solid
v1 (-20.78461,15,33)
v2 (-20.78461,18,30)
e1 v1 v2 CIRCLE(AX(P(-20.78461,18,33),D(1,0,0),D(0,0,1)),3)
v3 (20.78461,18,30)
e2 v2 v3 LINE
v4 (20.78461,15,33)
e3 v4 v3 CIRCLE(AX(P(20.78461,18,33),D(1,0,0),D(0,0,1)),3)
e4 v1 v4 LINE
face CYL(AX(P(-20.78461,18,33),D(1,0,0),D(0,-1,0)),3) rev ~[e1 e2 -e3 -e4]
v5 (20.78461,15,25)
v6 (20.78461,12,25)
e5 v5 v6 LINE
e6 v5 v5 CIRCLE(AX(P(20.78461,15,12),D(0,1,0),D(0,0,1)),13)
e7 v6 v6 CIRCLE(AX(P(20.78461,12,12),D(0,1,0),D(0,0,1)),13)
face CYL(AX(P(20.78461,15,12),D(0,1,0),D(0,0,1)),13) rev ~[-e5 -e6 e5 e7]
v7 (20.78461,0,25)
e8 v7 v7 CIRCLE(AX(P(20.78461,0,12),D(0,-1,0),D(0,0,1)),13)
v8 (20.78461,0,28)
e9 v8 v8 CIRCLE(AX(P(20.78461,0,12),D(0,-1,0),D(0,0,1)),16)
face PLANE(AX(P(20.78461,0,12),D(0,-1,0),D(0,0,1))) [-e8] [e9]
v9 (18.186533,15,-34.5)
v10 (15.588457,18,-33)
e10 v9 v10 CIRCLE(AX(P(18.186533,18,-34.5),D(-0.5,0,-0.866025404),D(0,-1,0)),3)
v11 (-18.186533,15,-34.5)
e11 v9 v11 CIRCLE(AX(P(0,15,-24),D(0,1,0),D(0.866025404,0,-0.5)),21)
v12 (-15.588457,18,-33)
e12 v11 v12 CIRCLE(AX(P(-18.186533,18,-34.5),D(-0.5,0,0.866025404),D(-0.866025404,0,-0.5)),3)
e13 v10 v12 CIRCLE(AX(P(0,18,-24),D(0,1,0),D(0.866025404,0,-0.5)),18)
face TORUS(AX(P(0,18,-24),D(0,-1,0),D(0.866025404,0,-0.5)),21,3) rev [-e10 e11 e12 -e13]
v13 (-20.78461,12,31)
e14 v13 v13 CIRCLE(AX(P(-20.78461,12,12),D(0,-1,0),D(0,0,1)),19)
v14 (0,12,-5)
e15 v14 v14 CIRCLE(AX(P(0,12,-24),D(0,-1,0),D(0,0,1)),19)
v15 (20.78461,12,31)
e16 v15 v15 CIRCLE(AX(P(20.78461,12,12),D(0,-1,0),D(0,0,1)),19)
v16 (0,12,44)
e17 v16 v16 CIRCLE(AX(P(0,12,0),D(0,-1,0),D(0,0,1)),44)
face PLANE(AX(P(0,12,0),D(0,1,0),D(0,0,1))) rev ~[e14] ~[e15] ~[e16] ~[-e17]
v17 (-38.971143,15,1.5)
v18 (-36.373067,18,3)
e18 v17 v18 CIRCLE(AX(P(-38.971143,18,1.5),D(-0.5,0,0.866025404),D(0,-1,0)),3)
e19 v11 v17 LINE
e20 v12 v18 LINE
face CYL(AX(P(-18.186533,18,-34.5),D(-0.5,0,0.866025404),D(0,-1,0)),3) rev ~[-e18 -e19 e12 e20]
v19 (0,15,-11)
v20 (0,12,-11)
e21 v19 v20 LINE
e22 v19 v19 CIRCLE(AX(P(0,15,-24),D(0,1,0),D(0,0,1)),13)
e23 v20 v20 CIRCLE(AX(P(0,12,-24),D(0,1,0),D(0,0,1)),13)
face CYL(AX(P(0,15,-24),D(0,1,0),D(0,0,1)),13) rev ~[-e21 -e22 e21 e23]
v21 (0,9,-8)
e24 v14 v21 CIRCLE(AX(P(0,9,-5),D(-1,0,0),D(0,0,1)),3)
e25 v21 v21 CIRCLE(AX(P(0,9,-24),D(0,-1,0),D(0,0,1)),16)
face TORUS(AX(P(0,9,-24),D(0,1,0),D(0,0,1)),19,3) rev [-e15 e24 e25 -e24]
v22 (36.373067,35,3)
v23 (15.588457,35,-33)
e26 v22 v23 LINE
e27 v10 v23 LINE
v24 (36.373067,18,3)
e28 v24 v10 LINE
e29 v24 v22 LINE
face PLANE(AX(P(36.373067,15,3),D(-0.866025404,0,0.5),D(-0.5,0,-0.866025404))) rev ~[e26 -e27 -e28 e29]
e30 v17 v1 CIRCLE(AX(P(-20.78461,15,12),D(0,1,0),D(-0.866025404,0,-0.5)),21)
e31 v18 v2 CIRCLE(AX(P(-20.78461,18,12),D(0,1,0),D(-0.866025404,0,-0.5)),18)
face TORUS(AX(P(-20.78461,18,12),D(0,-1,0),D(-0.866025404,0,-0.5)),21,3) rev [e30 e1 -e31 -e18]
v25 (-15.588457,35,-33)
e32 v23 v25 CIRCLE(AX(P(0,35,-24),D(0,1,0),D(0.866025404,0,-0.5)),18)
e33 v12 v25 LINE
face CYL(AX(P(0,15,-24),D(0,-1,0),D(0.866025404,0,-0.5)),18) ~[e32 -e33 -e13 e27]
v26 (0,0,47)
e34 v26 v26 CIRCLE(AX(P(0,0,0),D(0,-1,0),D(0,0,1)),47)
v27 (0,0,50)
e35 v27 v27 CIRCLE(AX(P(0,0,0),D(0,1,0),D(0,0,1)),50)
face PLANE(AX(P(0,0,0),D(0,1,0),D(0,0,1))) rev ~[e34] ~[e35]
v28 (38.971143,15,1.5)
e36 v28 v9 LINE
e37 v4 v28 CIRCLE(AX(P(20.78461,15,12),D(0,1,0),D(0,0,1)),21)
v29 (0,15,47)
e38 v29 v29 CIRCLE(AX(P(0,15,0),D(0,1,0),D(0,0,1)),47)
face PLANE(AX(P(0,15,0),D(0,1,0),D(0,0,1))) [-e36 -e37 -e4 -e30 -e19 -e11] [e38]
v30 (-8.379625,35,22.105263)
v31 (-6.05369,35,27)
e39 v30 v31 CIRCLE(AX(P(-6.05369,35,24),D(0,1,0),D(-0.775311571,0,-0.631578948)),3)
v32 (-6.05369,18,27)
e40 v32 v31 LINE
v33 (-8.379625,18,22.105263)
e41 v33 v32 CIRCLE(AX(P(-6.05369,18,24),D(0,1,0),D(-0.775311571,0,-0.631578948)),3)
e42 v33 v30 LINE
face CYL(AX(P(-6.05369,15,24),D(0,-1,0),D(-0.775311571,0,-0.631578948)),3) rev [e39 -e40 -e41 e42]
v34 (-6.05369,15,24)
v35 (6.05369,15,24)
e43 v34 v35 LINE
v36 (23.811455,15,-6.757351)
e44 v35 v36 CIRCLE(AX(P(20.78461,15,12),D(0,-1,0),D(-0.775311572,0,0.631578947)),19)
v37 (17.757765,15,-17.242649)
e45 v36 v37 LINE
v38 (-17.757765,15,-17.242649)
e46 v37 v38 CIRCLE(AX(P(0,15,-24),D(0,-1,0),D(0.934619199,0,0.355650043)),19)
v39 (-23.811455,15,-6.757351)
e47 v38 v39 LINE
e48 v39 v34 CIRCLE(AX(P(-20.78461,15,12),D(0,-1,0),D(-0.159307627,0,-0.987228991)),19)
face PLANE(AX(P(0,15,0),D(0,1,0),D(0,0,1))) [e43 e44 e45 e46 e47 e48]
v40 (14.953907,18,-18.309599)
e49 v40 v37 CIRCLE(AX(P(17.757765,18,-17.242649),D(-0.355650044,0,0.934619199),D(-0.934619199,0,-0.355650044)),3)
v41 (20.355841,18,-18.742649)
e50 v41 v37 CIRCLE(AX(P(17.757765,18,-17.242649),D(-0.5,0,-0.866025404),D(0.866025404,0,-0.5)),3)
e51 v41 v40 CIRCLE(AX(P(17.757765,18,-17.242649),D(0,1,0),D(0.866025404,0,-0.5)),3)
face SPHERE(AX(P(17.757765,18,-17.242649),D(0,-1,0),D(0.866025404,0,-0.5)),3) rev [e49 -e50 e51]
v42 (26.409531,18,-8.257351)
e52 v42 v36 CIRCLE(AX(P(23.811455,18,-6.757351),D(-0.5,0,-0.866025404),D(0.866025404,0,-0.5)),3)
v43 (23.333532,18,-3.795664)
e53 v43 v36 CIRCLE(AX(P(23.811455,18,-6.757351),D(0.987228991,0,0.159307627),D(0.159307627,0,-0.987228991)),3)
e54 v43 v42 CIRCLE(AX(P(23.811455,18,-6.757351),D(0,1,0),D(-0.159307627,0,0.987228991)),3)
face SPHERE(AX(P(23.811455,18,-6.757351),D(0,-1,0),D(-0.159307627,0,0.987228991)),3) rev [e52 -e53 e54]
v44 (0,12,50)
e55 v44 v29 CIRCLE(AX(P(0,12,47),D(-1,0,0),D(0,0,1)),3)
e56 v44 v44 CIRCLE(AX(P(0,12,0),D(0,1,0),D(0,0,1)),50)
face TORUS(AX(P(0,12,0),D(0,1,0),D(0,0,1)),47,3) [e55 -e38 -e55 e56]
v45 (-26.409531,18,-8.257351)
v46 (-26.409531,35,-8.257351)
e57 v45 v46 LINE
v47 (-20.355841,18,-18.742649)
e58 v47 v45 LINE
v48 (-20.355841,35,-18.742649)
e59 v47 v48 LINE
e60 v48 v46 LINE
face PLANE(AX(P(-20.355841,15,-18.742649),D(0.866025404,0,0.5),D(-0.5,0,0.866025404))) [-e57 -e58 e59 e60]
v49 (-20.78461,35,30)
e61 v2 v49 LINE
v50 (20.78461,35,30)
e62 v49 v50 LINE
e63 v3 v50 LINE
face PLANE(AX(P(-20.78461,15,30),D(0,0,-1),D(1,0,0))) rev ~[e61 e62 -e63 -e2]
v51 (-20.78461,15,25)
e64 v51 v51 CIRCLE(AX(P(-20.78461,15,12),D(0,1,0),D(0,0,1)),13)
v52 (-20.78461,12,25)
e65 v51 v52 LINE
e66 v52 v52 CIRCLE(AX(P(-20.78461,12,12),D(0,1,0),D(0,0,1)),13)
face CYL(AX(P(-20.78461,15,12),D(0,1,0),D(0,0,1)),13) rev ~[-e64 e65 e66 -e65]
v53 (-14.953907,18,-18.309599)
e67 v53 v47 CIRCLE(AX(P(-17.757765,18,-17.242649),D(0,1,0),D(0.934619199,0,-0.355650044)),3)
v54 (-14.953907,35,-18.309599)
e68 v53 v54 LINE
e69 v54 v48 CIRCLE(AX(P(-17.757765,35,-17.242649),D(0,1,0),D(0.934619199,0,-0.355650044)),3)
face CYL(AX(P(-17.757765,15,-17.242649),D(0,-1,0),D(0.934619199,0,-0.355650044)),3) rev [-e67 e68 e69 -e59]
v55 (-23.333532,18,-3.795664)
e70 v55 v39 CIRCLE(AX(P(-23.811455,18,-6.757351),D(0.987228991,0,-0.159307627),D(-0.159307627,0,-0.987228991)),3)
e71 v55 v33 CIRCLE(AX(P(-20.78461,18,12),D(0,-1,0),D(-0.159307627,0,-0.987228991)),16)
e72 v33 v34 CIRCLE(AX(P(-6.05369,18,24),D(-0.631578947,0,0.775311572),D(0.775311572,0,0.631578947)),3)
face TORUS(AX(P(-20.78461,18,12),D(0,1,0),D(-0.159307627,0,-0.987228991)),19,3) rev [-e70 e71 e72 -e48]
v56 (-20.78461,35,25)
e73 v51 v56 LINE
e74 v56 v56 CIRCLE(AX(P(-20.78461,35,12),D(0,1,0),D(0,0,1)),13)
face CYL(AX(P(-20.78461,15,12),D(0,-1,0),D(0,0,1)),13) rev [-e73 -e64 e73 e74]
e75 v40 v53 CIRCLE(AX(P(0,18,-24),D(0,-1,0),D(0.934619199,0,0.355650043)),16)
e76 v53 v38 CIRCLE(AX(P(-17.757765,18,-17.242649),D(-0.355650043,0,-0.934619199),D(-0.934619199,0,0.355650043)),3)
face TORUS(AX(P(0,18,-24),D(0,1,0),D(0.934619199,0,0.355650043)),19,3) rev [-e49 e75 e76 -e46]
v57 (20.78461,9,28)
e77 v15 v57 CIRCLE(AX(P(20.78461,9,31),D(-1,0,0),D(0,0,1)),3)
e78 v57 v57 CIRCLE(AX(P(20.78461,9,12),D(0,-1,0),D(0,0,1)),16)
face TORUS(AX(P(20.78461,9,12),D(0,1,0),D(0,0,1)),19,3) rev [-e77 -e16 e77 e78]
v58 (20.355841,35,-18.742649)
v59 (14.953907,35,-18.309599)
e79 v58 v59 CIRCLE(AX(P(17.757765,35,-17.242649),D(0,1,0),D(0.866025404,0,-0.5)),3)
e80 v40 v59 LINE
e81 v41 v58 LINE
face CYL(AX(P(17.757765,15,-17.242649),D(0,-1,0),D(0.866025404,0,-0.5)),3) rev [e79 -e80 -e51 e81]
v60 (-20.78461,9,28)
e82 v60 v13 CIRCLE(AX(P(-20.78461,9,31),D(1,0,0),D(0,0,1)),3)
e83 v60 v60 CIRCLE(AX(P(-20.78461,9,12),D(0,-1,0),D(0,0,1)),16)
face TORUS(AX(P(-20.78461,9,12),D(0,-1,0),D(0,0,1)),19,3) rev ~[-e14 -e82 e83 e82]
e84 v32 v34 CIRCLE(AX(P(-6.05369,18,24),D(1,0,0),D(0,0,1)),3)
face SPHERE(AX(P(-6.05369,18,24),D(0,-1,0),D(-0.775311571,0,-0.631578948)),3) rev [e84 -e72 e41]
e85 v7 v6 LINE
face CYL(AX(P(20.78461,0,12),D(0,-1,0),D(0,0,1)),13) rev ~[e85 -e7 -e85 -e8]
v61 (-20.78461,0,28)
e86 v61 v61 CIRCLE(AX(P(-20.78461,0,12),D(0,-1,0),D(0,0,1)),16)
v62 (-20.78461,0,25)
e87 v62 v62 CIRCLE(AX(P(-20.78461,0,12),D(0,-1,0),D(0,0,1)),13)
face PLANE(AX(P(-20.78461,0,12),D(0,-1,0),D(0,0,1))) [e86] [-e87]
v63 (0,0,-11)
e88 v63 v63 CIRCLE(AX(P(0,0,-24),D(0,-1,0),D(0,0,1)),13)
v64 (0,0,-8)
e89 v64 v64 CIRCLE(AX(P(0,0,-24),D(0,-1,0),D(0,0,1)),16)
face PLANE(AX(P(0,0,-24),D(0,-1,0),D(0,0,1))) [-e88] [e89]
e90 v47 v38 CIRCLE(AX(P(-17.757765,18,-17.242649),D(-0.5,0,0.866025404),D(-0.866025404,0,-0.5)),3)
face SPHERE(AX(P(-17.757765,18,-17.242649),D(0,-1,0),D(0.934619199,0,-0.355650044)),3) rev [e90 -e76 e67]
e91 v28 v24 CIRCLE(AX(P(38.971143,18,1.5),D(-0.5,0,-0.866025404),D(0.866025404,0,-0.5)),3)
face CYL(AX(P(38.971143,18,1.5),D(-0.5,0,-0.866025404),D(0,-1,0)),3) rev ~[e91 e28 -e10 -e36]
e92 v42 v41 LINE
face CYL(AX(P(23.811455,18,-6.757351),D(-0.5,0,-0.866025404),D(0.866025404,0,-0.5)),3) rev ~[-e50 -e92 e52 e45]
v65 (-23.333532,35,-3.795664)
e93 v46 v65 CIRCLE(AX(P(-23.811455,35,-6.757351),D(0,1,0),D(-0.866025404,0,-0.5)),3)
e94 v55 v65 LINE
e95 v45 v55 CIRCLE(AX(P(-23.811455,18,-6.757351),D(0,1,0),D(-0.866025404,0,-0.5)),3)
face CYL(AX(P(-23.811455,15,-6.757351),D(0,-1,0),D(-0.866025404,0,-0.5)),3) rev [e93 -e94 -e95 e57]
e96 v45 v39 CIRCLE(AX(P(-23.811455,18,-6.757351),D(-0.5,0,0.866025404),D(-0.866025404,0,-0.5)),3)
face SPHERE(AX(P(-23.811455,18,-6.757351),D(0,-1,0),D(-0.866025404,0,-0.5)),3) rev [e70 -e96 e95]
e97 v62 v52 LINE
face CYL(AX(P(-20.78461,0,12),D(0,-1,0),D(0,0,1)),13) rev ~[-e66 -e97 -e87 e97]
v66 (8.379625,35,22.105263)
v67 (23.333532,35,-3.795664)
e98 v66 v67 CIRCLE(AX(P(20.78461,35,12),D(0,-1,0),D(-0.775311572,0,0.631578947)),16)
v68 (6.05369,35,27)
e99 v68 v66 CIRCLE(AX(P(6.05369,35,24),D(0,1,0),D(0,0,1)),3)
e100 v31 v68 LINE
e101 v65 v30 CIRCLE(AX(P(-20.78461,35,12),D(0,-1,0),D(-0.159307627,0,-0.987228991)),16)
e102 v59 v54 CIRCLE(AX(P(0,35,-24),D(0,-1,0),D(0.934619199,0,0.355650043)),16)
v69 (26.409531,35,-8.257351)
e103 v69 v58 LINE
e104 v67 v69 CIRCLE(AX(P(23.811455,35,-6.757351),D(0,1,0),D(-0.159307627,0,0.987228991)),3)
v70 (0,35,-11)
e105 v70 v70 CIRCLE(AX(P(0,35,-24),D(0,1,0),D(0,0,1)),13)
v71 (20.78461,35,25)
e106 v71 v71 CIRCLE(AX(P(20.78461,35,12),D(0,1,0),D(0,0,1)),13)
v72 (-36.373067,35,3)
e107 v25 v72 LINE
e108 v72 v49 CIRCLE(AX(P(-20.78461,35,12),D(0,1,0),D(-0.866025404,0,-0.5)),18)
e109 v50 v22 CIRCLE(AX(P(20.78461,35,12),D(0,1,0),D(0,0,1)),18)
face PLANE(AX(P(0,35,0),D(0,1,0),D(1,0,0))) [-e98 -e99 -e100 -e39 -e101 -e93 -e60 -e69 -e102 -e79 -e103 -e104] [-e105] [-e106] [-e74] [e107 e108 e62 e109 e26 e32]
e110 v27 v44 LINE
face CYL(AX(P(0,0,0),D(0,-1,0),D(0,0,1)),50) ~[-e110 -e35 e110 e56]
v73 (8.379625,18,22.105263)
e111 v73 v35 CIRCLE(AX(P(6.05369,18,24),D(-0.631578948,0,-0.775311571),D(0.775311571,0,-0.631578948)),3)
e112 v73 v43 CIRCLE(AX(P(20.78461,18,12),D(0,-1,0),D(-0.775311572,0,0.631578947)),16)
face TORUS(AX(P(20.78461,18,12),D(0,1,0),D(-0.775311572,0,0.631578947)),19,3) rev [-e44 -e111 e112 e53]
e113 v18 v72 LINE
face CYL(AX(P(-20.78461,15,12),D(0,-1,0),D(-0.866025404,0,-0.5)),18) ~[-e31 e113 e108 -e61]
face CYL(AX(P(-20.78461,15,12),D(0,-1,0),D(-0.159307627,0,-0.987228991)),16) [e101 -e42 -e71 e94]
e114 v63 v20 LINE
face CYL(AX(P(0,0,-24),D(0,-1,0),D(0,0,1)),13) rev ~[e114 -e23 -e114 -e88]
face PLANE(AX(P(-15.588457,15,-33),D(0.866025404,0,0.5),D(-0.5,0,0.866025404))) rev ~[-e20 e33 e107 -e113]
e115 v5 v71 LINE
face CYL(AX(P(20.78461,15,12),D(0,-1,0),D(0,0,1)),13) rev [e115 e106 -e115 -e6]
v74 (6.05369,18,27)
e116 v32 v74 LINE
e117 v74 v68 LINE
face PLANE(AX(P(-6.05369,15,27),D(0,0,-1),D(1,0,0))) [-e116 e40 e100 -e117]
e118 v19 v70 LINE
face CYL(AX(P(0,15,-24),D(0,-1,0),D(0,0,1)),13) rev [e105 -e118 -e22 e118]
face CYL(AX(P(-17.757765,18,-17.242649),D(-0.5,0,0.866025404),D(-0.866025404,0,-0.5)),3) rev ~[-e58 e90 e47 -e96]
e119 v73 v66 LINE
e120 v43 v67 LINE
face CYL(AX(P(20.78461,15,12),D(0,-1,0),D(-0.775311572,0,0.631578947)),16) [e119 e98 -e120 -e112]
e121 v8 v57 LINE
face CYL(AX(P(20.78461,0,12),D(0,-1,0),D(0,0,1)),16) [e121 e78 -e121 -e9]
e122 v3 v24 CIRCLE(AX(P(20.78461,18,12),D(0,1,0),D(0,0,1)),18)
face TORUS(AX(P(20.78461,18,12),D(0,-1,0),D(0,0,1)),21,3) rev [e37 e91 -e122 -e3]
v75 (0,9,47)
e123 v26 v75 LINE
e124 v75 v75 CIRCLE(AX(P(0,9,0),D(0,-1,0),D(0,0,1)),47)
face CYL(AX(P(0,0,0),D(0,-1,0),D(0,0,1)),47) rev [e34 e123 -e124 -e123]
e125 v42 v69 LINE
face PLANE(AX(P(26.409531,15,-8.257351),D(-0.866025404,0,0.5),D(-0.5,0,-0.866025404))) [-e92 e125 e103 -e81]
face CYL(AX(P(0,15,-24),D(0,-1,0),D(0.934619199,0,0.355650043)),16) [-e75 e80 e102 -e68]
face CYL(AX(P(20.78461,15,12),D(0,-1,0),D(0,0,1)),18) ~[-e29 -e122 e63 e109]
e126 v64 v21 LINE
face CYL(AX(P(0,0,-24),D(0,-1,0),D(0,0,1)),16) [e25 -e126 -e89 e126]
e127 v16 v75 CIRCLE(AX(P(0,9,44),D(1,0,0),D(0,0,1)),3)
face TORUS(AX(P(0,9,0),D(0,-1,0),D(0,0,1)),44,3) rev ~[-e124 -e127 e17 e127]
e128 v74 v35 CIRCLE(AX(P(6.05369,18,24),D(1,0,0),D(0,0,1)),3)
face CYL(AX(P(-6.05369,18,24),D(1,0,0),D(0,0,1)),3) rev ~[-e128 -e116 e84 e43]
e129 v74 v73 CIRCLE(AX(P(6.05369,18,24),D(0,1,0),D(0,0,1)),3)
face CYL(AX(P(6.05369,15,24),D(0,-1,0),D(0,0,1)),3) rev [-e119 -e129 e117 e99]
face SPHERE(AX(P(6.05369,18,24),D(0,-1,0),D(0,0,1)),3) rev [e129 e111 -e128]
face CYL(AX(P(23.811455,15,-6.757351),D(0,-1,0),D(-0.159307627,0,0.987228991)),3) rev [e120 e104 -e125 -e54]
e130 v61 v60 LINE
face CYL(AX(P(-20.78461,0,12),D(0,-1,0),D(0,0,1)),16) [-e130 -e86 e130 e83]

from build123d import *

# Parameters (mm, degrees)
SKETCH1_R           = 50
BOSS_EXTRUDE1_DEPTH = 15
SHELL1_T            = -3
SKETCH2_R           = 13
BOSS_EXTRUDE2_DEPTH = 20
SKETCH2_2_R         = 13
CUT_EXTRUDE1_DEPTH  = 74.484692283
BOSS_EXTRUDE3_START = 12
SKETCH3_R           = 16
SKETCH3_R_2         = 13
BOSS_EXTRUDE3_DEPTH = 12
FILLET1_R           = 3


with BuildPart() as part:
    # Sketch1 → Boss-Extrude1 (new body)
    with BuildSketch(Plane(origin=(0, 0, 0), x_dir=(1, 0, 0), z_dir=(0, 1, 0))):
        with Locations(Location((0, 0, 0), (0, 0, 270))):
            Circle(SKETCH1_R)
    extrude(amount=BOSS_EXTRUDE1_DEPTH)

    # Shell1
    shell1_openings = [part.faces().sort_by_distance(p)[0] for p in [
        (0, 0, 0),
    ]]
    offset(amount=SHELL1_T, openings=shell1_openings, kind=Kind.INTERSECTION)

    # Sketch2 → Boss-Extrude2 (add)
    with BuildSketch(Plane(origin=(0, 15, 0), x_dir=(1, 0, 0), z_dir=(0, 1, 0))):
        with BuildLine():
            Line((-15.588457268, 33), (-36.373066959, -3))
            ThreePointArc((-36.373066959, -3), (-36.373066959, -21), (-20.784609691, -30))
            Line((-20.784609691, -30), (20.784609691, -30))
            ThreePointArc((20.784609691, -30), (36.373066959, -21), (36.373066959, -3))
            Line((36.373066959, -3), (15.588457268, 33))
            ThreePointArc((15.588457268, 33), (0, 42), (-15.588457268, 33))
        make_face()
        with Locations(Location((0, 24, 0), (0, 0, 270))):
            Circle(SKETCH2_R, mode=Mode.SUBTRACT)
        with Locations(Location((20.784609691, -12, 0), (0, 0, 270))):
            Circle(SKETCH2_R, mode=Mode.SUBTRACT)
        with Locations(Location((-20.784609691, -12, 0), (0, 0, 270))):
            Circle(SKETCH2_R, mode=Mode.SUBTRACT)
        with BuildLine():
            Line((-20.355840988, 18.742649178), (-26.409530816, 8.257350822))
            ThreePointArc((-26.409530816, 8.257350822), (-26.281358489, 5.054537032), (-23.333531724, 3.79566385))
            ThreePointArc((-23.333531724, 3.79566385), (-6.92820323, -4), (-8.379624543, -22.105263158))
            ThreePointArc((-8.379624543, -22.105263158), (-8.763321771, -25.287592613), (-6.053689828, -27))
            Line((-6.053689828, -27), (6.053689828, -27))
            ThreePointArc((6.053689828, -27), (8.763321771, -25.287592613), (8.379624543, -22.105263158))
            ThreePointArc((8.379624543, -22.105263158), (6.92820323, -4), (23.333531724, 3.79566385))
            ThreePointArc((23.333531724, 3.79566385), (26.281358489, 5.054537032), (26.409530816, 8.257350822))
            Line((26.409530816, 8.257350822), (20.355840988, 18.742649178))
            ThreePointArc((20.355840988, 18.742649178), (17.518036718, 20.233055581), (14.95390718, 18.309599308))
            ThreePointArc((14.95390718, 18.309599308), (0, 8), (-14.95390718, 18.309599308))
            ThreePointArc((-14.95390718, 18.309599308), (-17.518036718, 20.233055581), (-20.355840988, 18.742649178))
        make_face(mode=Mode.SUBTRACT)
    extrude(amount=BOSS_EXTRUDE2_DEPTH)

    # Sketch2<2> → Cut-Extrude1 (cut, through all)
    with BuildSketch(Plane(origin=(0, 15, 0), x_dir=(1, 0, 0), z_dir=(0, 1, 0))):
        with Locations(Location((-20.784609691, -12, 0), (0, 0, 270))):
            Circle(SKETCH2_2_R)
        with Locations(Location((0, 24, 0), (0, 0, 270))):
            Circle(SKETCH2_2_R)
        with Locations(Location((20.784609691, -12, 0), (0, 0, 270))):
            Circle(SKETCH2_2_R)
    extrude(amount=-CUT_EXTRUDE1_DEPTH, mode=Mode.SUBTRACT)

    # Sketch3 → Boss-Extrude3 (add)
    # profile 1 of 3: a face of its own
    with BuildSketch(Plane.XZ.offset(-12).offset(BOSS_EXTRUDE3_START)):
        with Locations(Location((-20.784609691, 12, 0), (0, 0, 90))):
            Circle(SKETCH3_R)
        with Locations(Location((-20.784609691, 12, 0), (0, 0, 90))):
            Circle(SKETCH3_R_2, mode=Mode.SUBTRACT)
    # profile 2 of 3: a face of its own
    with BuildSketch(Plane.XZ.offset(-12).offset(BOSS_EXTRUDE3_START)):
        with Locations(Location((20.784609691, 12, 0), (0, 0, 90))):
            Circle(SKETCH3_R)
        with Locations(Location((20.784609691, 12, 0), (0, 0, 90))):
            Circle(SKETCH3_R_2, mode=Mode.SUBTRACT)
    # profile 3 of 3: a face of its own
    with BuildSketch(Plane.XZ.offset(-12).offset(BOSS_EXTRUDE3_START)):
        with Locations(Location((0, -24, 0), (0, 0, 90))):
            Circle(SKETCH3_R)
        with Locations(Location((0, -24, 0), (0, 0, 90))):
            Circle(SKETCH3_R_2, mode=Mode.SUBTRACT)
    extrude(amount=-BOSS_EXTRUDE3_DEPTH)

    # Fillet1
    fillet1_edges = [part.edges().sort_by_distance(p)[0] for p in [
        (-6.92820323, 15, 4),
        (-8.763321771, 15, 25.287592613),
        (0, 15, 27),
        (8.763321771, 15, 25.287592613),
        (6.92820323, 15, 4),
        (26.281358489, 15, -5.054537032),
        (23.382685902, 15, -13.5),
        (17.518036718, 15, -20.233055581),
        (0, 15, -8),
        (-17.518036718, 15, -20.233055581),
        (-23.382685902, 15, -13.5),
        (-26.281358489, 15, -5.054537032),
        (36.373066959, 15, 21),
        (25.980762114, 15, -15),
        (0, 15, -42),
        (-25.980762114, 15, -15),
        (-36.373066959, 15, 21),
        (0, 15, 30),
        (0, 15, -50),
        (0, 12, -47),
        (-20.784609691, 12, -4),
        (20.784609691, 12, -4),
        (0, 12, -40),
    ]]
    fillet(fillet1_edges, radius=FILLET1_R)


solid = part.part
